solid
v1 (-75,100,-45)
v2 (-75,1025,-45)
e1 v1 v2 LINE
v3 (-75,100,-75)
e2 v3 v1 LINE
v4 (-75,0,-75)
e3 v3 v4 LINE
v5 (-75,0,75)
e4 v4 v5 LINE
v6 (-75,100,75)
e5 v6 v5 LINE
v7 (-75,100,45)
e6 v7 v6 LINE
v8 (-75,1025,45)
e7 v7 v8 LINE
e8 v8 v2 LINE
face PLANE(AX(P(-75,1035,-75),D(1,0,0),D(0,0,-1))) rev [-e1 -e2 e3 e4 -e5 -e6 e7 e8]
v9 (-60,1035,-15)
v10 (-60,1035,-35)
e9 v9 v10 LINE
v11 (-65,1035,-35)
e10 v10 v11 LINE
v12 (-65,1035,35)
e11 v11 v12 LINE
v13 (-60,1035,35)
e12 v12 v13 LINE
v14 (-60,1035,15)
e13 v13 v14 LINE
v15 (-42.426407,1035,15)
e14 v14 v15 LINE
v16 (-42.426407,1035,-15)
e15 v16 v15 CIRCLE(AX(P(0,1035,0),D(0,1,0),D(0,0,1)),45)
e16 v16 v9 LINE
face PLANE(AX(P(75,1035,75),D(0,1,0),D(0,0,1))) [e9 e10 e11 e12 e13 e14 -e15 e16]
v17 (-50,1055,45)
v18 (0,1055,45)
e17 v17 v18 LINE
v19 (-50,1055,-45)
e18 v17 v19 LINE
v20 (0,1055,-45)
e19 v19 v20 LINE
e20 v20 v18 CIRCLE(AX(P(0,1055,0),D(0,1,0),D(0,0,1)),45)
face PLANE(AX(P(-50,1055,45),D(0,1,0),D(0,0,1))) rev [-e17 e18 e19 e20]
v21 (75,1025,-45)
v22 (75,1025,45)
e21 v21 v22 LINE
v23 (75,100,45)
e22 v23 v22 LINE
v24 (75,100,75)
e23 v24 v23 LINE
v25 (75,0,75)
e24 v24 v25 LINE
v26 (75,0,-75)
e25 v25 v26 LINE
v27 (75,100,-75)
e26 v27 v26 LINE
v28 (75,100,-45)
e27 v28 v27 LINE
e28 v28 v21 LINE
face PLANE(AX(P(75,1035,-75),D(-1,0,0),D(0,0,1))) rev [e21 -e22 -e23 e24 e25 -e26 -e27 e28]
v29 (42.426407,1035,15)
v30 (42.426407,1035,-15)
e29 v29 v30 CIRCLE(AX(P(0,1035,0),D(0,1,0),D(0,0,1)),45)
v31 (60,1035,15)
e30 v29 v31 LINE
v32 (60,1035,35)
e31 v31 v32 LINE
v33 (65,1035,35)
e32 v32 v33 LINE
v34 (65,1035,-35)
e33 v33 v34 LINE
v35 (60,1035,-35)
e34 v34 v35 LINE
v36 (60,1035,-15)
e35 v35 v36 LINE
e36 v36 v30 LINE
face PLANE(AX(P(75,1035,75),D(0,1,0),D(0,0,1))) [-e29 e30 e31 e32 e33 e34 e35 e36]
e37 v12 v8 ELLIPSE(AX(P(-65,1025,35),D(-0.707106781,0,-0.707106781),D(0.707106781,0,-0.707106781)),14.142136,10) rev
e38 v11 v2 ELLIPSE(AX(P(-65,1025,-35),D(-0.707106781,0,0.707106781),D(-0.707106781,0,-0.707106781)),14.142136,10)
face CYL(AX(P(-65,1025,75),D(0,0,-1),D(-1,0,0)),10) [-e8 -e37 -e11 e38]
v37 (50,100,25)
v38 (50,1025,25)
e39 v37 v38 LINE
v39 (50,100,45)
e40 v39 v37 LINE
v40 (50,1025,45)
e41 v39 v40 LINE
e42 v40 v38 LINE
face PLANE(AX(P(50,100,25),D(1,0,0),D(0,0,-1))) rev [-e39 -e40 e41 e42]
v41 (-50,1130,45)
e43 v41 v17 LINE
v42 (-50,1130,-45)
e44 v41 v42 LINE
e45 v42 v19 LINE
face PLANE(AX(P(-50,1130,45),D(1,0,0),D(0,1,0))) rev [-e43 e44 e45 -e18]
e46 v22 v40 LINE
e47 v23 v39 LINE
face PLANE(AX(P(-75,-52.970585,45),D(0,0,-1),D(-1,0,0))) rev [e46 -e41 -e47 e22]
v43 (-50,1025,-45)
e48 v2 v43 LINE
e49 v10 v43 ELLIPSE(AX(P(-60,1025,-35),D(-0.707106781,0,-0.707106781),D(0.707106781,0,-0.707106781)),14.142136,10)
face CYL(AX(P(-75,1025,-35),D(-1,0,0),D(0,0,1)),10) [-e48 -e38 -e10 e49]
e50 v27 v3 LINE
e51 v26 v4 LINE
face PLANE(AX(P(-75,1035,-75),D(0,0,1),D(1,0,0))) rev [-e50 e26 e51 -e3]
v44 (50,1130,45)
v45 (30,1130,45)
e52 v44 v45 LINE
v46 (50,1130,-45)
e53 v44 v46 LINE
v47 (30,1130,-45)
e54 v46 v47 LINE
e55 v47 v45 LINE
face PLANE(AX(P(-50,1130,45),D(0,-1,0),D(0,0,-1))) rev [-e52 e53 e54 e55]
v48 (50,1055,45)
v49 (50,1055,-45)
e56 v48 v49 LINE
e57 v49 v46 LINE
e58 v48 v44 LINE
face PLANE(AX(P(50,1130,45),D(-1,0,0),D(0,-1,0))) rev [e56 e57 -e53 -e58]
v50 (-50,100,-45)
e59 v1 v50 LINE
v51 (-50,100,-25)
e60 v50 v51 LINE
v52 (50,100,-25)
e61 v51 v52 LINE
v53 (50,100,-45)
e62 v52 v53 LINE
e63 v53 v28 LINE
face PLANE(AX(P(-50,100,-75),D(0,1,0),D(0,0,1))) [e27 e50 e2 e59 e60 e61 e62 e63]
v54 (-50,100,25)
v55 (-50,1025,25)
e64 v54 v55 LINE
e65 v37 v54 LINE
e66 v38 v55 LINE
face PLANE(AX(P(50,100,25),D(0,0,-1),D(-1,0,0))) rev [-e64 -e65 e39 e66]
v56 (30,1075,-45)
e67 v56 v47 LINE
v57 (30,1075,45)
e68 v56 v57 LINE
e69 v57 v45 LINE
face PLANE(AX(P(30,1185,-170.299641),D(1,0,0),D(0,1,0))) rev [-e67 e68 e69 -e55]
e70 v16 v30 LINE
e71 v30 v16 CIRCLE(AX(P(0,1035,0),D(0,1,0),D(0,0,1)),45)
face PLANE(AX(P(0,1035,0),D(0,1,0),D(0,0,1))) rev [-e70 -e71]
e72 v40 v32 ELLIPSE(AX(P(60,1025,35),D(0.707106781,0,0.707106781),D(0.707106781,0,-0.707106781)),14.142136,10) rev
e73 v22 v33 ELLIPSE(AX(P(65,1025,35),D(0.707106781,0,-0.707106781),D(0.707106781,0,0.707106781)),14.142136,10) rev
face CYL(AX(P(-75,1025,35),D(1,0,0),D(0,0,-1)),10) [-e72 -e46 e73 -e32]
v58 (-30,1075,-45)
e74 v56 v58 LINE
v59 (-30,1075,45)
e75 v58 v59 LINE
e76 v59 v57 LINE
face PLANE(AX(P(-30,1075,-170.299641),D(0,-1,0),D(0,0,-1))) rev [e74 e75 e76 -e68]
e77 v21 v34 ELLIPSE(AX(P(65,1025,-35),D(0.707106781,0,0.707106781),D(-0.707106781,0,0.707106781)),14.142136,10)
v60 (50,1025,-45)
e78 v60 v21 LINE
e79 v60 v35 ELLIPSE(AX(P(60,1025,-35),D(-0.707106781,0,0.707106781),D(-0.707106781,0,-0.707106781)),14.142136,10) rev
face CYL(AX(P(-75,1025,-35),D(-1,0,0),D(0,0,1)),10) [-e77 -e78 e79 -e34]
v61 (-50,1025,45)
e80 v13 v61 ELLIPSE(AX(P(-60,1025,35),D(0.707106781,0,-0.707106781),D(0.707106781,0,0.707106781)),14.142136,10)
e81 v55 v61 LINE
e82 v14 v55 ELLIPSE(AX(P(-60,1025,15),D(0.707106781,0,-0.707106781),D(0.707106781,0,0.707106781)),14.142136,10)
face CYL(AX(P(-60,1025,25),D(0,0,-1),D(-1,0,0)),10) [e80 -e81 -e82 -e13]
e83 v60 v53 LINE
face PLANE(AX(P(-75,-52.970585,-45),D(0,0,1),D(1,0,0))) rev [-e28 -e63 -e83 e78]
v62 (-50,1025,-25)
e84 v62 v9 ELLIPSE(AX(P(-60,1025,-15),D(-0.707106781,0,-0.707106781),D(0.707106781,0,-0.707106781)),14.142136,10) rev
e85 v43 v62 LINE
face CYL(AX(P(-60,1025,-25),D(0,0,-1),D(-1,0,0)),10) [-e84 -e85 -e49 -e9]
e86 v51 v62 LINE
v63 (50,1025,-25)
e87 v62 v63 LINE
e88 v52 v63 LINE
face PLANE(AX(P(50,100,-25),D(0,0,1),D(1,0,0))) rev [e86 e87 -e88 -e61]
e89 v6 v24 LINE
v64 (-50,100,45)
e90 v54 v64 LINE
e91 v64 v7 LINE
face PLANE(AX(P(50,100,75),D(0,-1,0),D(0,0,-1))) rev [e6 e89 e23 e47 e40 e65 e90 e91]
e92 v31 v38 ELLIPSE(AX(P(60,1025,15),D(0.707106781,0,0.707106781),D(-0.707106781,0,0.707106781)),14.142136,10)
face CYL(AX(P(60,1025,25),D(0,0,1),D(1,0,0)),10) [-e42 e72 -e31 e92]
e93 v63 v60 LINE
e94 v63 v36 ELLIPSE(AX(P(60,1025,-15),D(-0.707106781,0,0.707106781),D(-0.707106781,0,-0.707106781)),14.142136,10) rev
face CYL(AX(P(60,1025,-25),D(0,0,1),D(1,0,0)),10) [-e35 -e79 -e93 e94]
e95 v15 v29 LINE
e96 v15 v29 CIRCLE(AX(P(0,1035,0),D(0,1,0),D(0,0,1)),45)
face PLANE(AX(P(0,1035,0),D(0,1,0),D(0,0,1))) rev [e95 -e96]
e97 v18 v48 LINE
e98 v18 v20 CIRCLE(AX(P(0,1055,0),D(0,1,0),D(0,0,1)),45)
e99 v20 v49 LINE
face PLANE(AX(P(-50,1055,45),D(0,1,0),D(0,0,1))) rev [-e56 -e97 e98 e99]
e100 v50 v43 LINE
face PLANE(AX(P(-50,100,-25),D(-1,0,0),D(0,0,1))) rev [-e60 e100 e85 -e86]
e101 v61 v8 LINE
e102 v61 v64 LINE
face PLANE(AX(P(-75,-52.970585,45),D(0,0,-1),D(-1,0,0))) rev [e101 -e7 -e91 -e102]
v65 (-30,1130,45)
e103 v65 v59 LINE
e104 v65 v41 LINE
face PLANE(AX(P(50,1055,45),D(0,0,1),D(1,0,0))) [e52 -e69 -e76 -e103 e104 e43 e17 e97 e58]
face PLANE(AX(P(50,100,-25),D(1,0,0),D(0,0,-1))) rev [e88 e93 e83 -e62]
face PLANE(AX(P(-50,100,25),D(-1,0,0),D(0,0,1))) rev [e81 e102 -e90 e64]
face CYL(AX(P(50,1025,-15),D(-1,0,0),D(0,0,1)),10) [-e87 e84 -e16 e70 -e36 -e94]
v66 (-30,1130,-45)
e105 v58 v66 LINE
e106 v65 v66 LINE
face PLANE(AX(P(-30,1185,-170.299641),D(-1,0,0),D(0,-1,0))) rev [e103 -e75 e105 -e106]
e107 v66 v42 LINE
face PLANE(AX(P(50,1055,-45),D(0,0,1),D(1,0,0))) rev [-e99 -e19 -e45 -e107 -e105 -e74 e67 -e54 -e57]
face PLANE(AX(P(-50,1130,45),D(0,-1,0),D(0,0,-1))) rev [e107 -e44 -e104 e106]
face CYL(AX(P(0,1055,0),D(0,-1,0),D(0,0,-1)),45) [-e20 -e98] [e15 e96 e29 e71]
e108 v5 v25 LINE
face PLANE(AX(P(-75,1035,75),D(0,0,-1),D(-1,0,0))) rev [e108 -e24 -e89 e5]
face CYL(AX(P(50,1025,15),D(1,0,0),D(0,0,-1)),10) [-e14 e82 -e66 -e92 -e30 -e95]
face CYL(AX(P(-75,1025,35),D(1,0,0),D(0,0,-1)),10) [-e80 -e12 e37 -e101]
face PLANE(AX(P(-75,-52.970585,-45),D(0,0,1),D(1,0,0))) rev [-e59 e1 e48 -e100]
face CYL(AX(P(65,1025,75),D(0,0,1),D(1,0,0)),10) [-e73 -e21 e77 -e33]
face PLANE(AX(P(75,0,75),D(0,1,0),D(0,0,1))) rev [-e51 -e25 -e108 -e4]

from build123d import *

# Parameters (mm, degrees)
SKETCH2_W           = 150
SKETCH2_H           = 150
BOSS_EXTRUDE1_DEPTH = 1035
SKETCH3_W           = 100
SKETCH3_H           = 50
CUT_EXTRUDE3_DEPTH  = 935
SKETCH4_W           = 150
SKETCH4_H           = 30
CUT_EXTRUDE4_DEPTH  = 935
FILLET1_R           = 10
SKETCH5_R           = 45
BOSS_EXTRUDE2_DEPTH = 20
BOSS_EXTRUDE3_START = -45
SKETCH6_W           = 100
SKETCH6_H           = 75
BOSS_EXTRUDE3_DEPTH = 90
SKETCH7_W           = 60
SKETCH7_H           = 110
CUT_EXTRUDE5_DEPTH  = 90


with BuildPart() as part:
    # Sketch2 → Boss-Extrude1 (new body)
    with BuildSketch(Plane(origin=(0, 0, 0), x_dir=(1, 0, 0), z_dir=(0, 1, 0))):
        Rectangle(SKETCH2_W, SKETCH2_H)
    extrude(amount=BOSS_EXTRUDE1_DEPTH)

    # Sketch3 → Cut-Extrude3 (cut)
    with BuildSketch(Plane(origin=(0, 1035, 0), x_dir=(-1, 0, 0), z_dir=(0, 1, 0))):
        with Locations((0, -50)):
            Rectangle(SKETCH3_W, SKETCH3_H)
        with Locations((0, 50)):
            Rectangle(SKETCH3_W, SKETCH3_H)
    extrude(amount=-CUT_EXTRUDE3_DEPTH, mode=Mode.SUBTRACT)

    # Sketch4 → Cut-Extrude4 (cut)
    with BuildSketch(Plane(origin=(0, 1035, 0), x_dir=(-1, 0, 0), z_dir=(0, 1, 0))):
        with Locations((0, -60)):
            Rectangle(SKETCH4_W, SKETCH4_H)
        with Locations((0, 60)):
            Rectangle(SKETCH4_W, SKETCH4_H)
    extrude(amount=-CUT_EXTRUDE4_DEPTH, mode=Mode.SUBTRACT)

    # Fillet1
    fillet1_edges = [part.edges().sort_by_distance(p)[0] for p in [
        (0, 1035, -25),
        (50, 1035, -35),
        (0, 1035, 25),
        (-50, 1035, 35),
        (-50, 1035, -35),
        (-75, 1035, 0),
        (-62.5, 1035, -45),
        (62.5, 1035, -45),
        (50, 1035, 35),
        (75, 1035, 0),
        (62.5, 1035, 45),
        (-62.5, 1035, 45),
    ]]
    fillet(fillet1_edges, radius=FILLET1_R)

    # Sketch5 → Boss-Extrude2 (add)
    with BuildSketch(Plane(origin=(0, 1035, 0), x_dir=(-1, 0, 0), z_dir=(0, 1, 0))):
        with Locations(Location((0, 0, 0), (0, 0, 199.471220634))):
            Circle(SKETCH5_R)
    extrude(amount=BOSS_EXTRUDE2_DEPTH)

    # Sketch6 → Boss-Extrude3 (add)
    with BuildSketch(Plane.XY.offset(BOSS_EXTRUDE3_START)):
        with Locations((0, 1092.5)):
            Rectangle(SKETCH6_W, SKETCH6_H)
    extrude(amount=BOSS_EXTRUDE3_DEPTH)

    # Sketch7 → Cut-Extrude5 (cut)
    with BuildSketch(Plane.XY.offset(45)):
        with Locations((0, 1130)):
            Rectangle(SKETCH7_W, SKETCH7_H)
    extrude(amount=-CUT_EXTRUDE5_DEPTH, mode=Mode.SUBTRACT)


solid = part.part
